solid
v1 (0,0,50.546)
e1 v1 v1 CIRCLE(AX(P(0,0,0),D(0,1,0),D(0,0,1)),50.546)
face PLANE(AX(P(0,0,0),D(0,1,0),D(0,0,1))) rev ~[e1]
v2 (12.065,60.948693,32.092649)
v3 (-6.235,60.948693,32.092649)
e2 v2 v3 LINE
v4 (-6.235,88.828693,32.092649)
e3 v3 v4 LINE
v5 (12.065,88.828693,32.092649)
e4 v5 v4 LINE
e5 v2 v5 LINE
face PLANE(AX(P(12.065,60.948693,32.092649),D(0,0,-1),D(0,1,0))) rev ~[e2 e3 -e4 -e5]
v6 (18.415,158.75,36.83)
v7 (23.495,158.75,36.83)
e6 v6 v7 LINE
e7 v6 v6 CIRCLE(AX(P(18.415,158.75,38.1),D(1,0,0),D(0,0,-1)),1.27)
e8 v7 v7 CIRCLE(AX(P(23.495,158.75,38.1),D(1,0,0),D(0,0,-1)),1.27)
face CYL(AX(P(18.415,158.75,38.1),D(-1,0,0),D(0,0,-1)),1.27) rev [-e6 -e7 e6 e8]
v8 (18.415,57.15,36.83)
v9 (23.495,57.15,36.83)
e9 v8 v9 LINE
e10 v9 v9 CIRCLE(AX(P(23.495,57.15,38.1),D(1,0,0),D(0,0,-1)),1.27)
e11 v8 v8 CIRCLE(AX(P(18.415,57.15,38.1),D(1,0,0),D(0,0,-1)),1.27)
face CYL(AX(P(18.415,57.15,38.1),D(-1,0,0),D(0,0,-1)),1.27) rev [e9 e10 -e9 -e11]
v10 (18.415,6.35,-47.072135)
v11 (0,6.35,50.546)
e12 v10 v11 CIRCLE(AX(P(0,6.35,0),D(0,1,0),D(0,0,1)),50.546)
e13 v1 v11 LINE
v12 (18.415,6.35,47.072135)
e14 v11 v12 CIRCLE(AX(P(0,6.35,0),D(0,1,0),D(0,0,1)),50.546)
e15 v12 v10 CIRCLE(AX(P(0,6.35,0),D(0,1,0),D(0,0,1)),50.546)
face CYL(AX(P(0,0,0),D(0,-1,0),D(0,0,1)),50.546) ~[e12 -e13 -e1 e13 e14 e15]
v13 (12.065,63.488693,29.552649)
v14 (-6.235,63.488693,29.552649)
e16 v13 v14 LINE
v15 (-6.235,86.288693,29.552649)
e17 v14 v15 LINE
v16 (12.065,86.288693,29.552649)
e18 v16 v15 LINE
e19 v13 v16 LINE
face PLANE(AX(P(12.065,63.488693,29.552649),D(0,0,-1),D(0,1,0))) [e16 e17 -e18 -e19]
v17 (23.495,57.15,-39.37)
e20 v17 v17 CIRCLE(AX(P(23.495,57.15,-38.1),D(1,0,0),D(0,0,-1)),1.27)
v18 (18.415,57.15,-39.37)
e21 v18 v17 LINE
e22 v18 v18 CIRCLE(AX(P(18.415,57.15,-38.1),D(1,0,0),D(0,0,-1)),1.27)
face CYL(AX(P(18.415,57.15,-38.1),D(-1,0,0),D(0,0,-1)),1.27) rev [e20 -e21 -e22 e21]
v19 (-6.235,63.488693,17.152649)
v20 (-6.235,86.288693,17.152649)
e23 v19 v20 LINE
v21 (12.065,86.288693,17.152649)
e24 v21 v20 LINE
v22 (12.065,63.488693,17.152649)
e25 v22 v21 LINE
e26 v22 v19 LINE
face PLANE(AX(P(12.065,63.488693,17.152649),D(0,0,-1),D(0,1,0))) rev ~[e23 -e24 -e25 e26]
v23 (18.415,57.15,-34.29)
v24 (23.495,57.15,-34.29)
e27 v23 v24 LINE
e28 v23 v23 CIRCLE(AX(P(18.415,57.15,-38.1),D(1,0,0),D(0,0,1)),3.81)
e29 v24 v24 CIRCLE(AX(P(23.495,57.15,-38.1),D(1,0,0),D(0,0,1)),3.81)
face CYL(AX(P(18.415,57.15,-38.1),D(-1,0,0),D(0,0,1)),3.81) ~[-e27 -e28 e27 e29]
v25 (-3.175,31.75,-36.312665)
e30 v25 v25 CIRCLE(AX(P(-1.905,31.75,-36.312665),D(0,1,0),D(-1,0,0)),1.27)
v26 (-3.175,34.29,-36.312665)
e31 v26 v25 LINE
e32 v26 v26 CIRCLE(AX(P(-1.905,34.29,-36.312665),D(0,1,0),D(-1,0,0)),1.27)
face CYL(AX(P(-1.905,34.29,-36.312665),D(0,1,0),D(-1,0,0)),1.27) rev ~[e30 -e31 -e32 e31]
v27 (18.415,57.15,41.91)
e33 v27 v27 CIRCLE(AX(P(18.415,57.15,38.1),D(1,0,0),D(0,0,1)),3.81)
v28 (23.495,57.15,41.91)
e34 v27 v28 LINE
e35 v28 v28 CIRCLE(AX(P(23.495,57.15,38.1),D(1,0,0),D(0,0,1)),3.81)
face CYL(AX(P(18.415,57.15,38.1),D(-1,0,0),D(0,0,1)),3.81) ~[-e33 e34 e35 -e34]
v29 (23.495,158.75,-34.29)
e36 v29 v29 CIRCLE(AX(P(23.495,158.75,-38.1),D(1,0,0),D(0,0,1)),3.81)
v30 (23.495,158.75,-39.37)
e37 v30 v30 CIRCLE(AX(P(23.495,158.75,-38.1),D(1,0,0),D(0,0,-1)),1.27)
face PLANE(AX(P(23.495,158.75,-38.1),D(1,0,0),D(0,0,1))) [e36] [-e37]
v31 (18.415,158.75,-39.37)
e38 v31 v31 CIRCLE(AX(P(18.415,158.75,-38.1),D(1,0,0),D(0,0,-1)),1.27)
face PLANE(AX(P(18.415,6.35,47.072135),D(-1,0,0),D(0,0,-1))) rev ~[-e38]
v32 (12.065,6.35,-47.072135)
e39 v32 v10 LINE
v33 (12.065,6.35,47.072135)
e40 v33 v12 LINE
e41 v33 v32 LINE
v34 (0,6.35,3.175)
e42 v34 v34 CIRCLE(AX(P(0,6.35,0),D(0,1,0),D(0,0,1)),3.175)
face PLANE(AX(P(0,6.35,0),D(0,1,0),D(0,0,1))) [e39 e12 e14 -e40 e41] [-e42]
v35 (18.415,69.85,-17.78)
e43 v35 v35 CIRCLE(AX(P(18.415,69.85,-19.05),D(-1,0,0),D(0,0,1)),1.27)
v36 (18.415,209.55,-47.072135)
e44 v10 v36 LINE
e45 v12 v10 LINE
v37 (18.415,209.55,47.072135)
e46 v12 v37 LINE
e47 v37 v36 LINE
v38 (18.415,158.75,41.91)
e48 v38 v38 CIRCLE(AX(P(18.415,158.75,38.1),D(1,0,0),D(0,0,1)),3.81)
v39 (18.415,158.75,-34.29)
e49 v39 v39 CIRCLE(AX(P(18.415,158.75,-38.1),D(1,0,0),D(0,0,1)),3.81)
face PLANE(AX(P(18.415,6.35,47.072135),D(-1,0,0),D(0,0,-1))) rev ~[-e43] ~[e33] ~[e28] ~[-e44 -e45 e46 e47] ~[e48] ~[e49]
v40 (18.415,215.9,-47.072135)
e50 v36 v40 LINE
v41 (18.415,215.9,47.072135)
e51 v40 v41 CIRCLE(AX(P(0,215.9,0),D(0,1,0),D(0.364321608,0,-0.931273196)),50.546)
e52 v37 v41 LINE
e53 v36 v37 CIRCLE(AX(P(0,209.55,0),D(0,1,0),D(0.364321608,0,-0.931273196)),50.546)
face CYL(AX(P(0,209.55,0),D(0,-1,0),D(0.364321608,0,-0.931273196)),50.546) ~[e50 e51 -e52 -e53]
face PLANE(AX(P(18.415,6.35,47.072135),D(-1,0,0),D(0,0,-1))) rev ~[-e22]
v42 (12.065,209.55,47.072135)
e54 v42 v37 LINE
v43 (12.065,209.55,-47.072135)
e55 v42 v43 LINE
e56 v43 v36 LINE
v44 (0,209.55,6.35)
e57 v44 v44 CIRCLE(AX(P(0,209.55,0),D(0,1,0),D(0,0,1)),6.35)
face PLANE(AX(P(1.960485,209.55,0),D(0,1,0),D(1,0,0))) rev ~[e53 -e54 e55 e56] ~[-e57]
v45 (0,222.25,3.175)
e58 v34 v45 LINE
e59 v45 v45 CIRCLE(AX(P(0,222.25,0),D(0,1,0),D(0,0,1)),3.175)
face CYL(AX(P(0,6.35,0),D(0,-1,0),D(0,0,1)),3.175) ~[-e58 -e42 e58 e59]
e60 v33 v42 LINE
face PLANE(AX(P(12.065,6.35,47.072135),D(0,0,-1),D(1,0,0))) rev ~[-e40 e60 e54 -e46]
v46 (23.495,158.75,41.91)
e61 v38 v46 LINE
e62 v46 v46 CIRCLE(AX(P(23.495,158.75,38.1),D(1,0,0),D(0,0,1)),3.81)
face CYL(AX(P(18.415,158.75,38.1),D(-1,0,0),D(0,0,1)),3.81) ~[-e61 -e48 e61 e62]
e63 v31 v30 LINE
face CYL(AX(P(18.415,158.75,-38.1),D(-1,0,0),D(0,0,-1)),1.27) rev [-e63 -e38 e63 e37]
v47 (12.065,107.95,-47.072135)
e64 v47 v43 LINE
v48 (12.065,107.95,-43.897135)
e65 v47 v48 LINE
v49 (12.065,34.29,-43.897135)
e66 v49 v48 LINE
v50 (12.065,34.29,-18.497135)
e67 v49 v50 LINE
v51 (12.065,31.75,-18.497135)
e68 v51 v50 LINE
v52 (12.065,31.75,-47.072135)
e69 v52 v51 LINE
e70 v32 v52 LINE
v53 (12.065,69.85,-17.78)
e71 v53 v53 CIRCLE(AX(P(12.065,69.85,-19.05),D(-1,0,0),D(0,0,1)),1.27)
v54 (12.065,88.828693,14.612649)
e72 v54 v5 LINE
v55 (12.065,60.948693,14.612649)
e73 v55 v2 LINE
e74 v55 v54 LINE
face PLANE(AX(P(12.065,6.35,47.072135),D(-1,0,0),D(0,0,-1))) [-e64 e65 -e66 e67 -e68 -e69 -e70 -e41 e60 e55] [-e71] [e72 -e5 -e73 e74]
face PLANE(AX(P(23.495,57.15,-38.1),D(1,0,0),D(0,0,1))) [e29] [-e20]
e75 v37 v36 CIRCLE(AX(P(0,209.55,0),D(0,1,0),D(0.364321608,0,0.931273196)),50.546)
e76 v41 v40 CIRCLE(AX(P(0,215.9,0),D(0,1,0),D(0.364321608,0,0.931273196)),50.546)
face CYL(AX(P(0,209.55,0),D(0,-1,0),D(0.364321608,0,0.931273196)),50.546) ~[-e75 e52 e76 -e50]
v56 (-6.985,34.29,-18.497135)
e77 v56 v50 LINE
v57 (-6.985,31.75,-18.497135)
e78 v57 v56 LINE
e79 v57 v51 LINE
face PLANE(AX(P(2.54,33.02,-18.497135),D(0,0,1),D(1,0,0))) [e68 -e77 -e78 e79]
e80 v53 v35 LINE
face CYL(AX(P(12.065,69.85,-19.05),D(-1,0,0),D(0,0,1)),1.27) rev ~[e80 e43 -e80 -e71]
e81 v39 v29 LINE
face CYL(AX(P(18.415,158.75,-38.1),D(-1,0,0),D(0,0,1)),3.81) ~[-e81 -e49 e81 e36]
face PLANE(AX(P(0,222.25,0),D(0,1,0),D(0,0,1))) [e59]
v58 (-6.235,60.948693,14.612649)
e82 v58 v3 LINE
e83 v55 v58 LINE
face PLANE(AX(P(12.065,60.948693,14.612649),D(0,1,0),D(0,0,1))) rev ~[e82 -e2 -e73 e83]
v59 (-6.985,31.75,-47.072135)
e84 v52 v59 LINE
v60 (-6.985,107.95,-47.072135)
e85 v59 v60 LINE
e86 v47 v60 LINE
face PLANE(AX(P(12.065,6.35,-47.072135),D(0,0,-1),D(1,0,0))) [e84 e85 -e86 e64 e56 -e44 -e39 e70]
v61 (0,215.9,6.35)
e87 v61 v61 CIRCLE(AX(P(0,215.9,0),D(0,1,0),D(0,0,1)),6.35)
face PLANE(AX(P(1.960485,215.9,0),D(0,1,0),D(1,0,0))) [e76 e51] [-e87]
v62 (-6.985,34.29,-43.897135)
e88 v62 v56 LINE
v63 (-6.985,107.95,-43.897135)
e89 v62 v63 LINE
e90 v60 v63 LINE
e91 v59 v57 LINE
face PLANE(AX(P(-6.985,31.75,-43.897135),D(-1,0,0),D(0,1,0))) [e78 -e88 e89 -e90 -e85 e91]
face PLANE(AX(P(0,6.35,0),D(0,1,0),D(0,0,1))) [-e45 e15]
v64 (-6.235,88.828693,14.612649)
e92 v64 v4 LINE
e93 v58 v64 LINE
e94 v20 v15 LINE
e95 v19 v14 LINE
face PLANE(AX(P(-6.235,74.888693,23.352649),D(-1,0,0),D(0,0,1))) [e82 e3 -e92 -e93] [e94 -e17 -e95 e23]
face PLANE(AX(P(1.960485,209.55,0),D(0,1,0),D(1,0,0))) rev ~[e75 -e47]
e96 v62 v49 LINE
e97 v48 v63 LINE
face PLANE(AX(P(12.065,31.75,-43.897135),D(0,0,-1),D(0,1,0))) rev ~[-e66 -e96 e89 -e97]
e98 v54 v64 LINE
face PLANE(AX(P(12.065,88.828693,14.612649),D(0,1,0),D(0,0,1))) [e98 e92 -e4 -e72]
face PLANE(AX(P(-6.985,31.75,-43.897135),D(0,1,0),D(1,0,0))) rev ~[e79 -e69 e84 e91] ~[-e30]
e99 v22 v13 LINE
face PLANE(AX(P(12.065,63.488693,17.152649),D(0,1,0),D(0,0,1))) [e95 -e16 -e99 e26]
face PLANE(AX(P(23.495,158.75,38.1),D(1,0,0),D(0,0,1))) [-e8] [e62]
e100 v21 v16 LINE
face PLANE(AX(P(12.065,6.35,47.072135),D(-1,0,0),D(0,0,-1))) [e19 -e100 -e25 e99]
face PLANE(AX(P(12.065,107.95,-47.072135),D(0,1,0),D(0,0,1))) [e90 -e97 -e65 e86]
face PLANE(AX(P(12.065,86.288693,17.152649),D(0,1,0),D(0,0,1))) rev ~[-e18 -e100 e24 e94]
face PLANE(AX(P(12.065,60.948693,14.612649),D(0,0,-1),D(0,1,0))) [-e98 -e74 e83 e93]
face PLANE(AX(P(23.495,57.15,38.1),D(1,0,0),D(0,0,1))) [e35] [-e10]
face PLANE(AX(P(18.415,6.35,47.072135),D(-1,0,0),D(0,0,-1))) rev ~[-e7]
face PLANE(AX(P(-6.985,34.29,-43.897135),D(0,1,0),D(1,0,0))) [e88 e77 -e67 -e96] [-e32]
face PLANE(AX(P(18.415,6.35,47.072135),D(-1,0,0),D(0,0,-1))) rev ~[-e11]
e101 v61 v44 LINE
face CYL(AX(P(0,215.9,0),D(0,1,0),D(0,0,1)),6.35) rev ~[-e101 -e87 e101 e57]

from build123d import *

# Parameters (mm, degrees)
SKETCH1_R           = 50.546
BOSS_EXTRUDE1_DEPTH = 6.35
SKETCH3_W           = 6.35
SKETCH3_H           = 94.144269948
BOSS_EXTRUDE2_DEPTH = 203.2
BOSS_EXTRUDE3_DEPTH = 6.35
CUT_EXTRUDE1_REACH  = 229.426
SKETCH5_R           = 6.35
SKETCH7_R           = 3.175
BOSS_EXTRUDE4_DEPTH = 215.9
SKETCH8_R           = 1.27
CUT_EXTRUDE2_DEPTH  = 237.368563766
SKETCH9_W           = 3.175
SKETCH9_H           = 76.2
BOSS_EXTRUDE5_DEPTH = 19.05
SKETCH10_W          = 19.05
SKETCH10_H          = 2.54
BOSS_EXTRUDE6_DEPTH = 25.4
CUT_EXTRUDE3_REACH  = 203.094
SKETCH11_R          = 1.27
SKETCH12_W          = 17.48
SKETCH12_H          = 27.88
SKETCH12_W_2        = 12.4
SKETCH12_H_2        = 22.8
BOSS_EXTRUDE7_DEPTH = 18.3
SKETCH13_R          = 3.81
SKETCH13_R_2        = 1.27
BOSS_EXTRUDE8_DEPTH = 5.08


with BuildPart() as part:
    # Sketch1 → Boss-Extrude1 (new body)
    with BuildSketch(Plane(origin=(0, 0, 0), x_dir=(1, 0, 0), z_dir=(0, 1, 0))):
        with Locations(Location((0, 0, 0), (0, 0, 270))):
            Circle(SKETCH1_R)
    extrude(amount=BOSS_EXTRUDE1_DEPTH)

    # Sketch3 → Boss-Extrude2 (add)
    with BuildSketch(Plane(origin=(0, 6.35, 0), x_dir=(1, 0, 0), z_dir=(0, 1, 0))):
        with Locations((15.24, 0)):
            Rectangle(SKETCH3_W, SKETCH3_H)
    extrude(amount=BOSS_EXTRUDE2_DEPTH)

    # Sketch4 → Boss-Extrude3 (add)
    with BuildSketch(Plane(origin=(0, 209.55, 0), x_dir=(1, 0, 0), z_dir=(0, 1, 0))):
        with BuildLine():
            ThreePointArc((18.415, 47.072134974), (-50.546, 0), (18.415, -47.072134974))
            ThreePointArc((18.415, -47.072134974), (50.546, 0), (18.415, 47.072134974))
        make_face()
    extrude(amount=BOSS_EXTRUDE3_DEPTH)

    # Sketch5 → Cut-Extrude1 (cut, up to next)
    with BuildSketch(Plane(origin=(0, 215.9, 0), x_dir=(1, 0, 0), z_dir=(0, 1, 0)), mode=Mode.PRIVATE) as cut_extrude1_sk1:
        with Locations(Location((0, 0, 0), (0, 0, 270))):
            Circle(SKETCH5_R)
    cut_extrude1_tool1 = extrude(cut_extrude1_sk1.sketch, amount=-CUT_EXTRUDE1_REACH, mode=Mode.PRIVATE) & part.part
    add(cut_extrude1_tool1.solids().sort_by_distance((0, 215.9, 0))[0], mode=Mode.SUBTRACT)

    # Sketch7 → Boss-Extrude4 (add)
    with BuildSketch(Plane(origin=(0, 6.35, 0), x_dir=(1, 0, 0), z_dir=(0, 1, 0))):
        with Locations(Location((0, 0, 0), (0, 0, 270))):
            Circle(SKETCH7_R)
    extrude(amount=BOSS_EXTRUDE4_DEPTH)

    # Sketch8 → Cut-Extrude2 (cut, through all)
    with BuildSketch(Plane.ZY.offset(-12.065)):
        with Locations((-19.05, 69.85)):
            Circle(SKETCH8_R)
    extrude(amount=-CUT_EXTRUDE2_DEPTH, mode=Mode.SUBTRACT)

    # Sketch9 → Boss-Extrude5 (add)
    with BuildSketch(Plane.ZY.offset(-12.065)):
        with Locations((-45.484634974, 69.85)):
            Rectangle(SKETCH9_W, SKETCH9_H)
    extrude(amount=BOSS_EXTRUDE5_DEPTH)

    # Sketch10 → Boss-Extrude6 (add)
    with BuildSketch(Plane.XY.offset(-43.897134974)):
        with Locations((2.54, 33.02)):
            Rectangle(SKETCH10_W, SKETCH10_H)
    extrude(amount=BOSS_EXTRUDE6_DEPTH)

    # Sketch11 → Cut-Extrude3 (cut, up to next)
    with BuildSketch(Plane(origin=(0, 34.29, 0), x_dir=(1, 0, 0), z_dir=(0, 1, 0)), mode=Mode.PRIVATE) as cut_extrude3_sk1:
        with Locations(Location((-1.905, 36.312665469, 0), (0, 0, 180))):
            Circle(SKETCH11_R)
    cut_extrude3_tool1 = extrude(cut_extrude3_sk1.sketch, amount=-CUT_EXTRUDE3_REACH, mode=Mode.PRIVATE) & part.part
    add(cut_extrude3_tool1.solids().sort_by_distance((-1.905, 34.29, -36.312665))[0], mode=Mode.SUBTRACT)

    # Sketch12 → Boss-Extrude7 (add)
    with BuildSketch(Plane.ZY.offset(-12.065)):
        with Locations((23.352648963, 74.888693437)):
            Rectangle(SKETCH12_W, SKETCH12_H)
        with Locations((23.352648963, 74.888693437)):
            Rectangle(SKETCH12_W_2, SKETCH12_H_2, mode=Mode.SUBTRACT)
    extrude(amount=BOSS_EXTRUDE7_DEPTH)

    # Sketch13 → Boss-Extrude8 (add)
    # profile 1 of 4: a face of its own
    with BuildSketch(Plane(origin=(18.415, 0, 0), x_dir=(0, 0, -1), z_dir=(1, 0, 0))):
        with Locations(Location((-38.1, 158.75, 0), (0, 0, 180))):
            Circle(SKETCH13_R)
        with Locations((-38.1, 158.75)):
            Circle(SKETCH13_R_2, mode=Mode.SUBTRACT)
    # profile 2 of 4: a face of its own
    with BuildSketch(Plane(origin=(18.415, 0, 0), x_dir=(0, 0, -1), z_dir=(1, 0, 0))):
        with Locations(Location((38.1, 158.75, 0), (0, 0, 180))):
            Circle(SKETCH13_R)
        with Locations((38.1, 158.75)):
            Circle(SKETCH13_R_2, mode=Mode.SUBTRACT)
    # profile 3 of 4: a face of its own
    with BuildSketch(Plane(origin=(18.415, 0, 0), x_dir=(0, 0, -1), z_dir=(1, 0, 0))):
        with Locations(Location((-38.1, 57.15, 0), (0, 0, 180))):
            Circle(SKETCH13_R)
        with Locations((-38.1, 57.15)):
            Circle(SKETCH13_R_2, mode=Mode.SUBTRACT)
    # profile 4 of 4: a face of its own
    with BuildSketch(Plane(origin=(18.415, 0, 0), x_dir=(0, 0, -1), z_dir=(1, 0, 0))):
        with Locations(Location((38.1, 57.15, 0), (0, 0, 180))):
            Circle(SKETCH13_R)
        with Locations((38.1, 57.15)):
            Circle(SKETCH13_R_2, mode=Mode.SUBTRACT)
    extrude(amount=BOSS_EXTRUDE8_DEPTH)


solid = part.part
